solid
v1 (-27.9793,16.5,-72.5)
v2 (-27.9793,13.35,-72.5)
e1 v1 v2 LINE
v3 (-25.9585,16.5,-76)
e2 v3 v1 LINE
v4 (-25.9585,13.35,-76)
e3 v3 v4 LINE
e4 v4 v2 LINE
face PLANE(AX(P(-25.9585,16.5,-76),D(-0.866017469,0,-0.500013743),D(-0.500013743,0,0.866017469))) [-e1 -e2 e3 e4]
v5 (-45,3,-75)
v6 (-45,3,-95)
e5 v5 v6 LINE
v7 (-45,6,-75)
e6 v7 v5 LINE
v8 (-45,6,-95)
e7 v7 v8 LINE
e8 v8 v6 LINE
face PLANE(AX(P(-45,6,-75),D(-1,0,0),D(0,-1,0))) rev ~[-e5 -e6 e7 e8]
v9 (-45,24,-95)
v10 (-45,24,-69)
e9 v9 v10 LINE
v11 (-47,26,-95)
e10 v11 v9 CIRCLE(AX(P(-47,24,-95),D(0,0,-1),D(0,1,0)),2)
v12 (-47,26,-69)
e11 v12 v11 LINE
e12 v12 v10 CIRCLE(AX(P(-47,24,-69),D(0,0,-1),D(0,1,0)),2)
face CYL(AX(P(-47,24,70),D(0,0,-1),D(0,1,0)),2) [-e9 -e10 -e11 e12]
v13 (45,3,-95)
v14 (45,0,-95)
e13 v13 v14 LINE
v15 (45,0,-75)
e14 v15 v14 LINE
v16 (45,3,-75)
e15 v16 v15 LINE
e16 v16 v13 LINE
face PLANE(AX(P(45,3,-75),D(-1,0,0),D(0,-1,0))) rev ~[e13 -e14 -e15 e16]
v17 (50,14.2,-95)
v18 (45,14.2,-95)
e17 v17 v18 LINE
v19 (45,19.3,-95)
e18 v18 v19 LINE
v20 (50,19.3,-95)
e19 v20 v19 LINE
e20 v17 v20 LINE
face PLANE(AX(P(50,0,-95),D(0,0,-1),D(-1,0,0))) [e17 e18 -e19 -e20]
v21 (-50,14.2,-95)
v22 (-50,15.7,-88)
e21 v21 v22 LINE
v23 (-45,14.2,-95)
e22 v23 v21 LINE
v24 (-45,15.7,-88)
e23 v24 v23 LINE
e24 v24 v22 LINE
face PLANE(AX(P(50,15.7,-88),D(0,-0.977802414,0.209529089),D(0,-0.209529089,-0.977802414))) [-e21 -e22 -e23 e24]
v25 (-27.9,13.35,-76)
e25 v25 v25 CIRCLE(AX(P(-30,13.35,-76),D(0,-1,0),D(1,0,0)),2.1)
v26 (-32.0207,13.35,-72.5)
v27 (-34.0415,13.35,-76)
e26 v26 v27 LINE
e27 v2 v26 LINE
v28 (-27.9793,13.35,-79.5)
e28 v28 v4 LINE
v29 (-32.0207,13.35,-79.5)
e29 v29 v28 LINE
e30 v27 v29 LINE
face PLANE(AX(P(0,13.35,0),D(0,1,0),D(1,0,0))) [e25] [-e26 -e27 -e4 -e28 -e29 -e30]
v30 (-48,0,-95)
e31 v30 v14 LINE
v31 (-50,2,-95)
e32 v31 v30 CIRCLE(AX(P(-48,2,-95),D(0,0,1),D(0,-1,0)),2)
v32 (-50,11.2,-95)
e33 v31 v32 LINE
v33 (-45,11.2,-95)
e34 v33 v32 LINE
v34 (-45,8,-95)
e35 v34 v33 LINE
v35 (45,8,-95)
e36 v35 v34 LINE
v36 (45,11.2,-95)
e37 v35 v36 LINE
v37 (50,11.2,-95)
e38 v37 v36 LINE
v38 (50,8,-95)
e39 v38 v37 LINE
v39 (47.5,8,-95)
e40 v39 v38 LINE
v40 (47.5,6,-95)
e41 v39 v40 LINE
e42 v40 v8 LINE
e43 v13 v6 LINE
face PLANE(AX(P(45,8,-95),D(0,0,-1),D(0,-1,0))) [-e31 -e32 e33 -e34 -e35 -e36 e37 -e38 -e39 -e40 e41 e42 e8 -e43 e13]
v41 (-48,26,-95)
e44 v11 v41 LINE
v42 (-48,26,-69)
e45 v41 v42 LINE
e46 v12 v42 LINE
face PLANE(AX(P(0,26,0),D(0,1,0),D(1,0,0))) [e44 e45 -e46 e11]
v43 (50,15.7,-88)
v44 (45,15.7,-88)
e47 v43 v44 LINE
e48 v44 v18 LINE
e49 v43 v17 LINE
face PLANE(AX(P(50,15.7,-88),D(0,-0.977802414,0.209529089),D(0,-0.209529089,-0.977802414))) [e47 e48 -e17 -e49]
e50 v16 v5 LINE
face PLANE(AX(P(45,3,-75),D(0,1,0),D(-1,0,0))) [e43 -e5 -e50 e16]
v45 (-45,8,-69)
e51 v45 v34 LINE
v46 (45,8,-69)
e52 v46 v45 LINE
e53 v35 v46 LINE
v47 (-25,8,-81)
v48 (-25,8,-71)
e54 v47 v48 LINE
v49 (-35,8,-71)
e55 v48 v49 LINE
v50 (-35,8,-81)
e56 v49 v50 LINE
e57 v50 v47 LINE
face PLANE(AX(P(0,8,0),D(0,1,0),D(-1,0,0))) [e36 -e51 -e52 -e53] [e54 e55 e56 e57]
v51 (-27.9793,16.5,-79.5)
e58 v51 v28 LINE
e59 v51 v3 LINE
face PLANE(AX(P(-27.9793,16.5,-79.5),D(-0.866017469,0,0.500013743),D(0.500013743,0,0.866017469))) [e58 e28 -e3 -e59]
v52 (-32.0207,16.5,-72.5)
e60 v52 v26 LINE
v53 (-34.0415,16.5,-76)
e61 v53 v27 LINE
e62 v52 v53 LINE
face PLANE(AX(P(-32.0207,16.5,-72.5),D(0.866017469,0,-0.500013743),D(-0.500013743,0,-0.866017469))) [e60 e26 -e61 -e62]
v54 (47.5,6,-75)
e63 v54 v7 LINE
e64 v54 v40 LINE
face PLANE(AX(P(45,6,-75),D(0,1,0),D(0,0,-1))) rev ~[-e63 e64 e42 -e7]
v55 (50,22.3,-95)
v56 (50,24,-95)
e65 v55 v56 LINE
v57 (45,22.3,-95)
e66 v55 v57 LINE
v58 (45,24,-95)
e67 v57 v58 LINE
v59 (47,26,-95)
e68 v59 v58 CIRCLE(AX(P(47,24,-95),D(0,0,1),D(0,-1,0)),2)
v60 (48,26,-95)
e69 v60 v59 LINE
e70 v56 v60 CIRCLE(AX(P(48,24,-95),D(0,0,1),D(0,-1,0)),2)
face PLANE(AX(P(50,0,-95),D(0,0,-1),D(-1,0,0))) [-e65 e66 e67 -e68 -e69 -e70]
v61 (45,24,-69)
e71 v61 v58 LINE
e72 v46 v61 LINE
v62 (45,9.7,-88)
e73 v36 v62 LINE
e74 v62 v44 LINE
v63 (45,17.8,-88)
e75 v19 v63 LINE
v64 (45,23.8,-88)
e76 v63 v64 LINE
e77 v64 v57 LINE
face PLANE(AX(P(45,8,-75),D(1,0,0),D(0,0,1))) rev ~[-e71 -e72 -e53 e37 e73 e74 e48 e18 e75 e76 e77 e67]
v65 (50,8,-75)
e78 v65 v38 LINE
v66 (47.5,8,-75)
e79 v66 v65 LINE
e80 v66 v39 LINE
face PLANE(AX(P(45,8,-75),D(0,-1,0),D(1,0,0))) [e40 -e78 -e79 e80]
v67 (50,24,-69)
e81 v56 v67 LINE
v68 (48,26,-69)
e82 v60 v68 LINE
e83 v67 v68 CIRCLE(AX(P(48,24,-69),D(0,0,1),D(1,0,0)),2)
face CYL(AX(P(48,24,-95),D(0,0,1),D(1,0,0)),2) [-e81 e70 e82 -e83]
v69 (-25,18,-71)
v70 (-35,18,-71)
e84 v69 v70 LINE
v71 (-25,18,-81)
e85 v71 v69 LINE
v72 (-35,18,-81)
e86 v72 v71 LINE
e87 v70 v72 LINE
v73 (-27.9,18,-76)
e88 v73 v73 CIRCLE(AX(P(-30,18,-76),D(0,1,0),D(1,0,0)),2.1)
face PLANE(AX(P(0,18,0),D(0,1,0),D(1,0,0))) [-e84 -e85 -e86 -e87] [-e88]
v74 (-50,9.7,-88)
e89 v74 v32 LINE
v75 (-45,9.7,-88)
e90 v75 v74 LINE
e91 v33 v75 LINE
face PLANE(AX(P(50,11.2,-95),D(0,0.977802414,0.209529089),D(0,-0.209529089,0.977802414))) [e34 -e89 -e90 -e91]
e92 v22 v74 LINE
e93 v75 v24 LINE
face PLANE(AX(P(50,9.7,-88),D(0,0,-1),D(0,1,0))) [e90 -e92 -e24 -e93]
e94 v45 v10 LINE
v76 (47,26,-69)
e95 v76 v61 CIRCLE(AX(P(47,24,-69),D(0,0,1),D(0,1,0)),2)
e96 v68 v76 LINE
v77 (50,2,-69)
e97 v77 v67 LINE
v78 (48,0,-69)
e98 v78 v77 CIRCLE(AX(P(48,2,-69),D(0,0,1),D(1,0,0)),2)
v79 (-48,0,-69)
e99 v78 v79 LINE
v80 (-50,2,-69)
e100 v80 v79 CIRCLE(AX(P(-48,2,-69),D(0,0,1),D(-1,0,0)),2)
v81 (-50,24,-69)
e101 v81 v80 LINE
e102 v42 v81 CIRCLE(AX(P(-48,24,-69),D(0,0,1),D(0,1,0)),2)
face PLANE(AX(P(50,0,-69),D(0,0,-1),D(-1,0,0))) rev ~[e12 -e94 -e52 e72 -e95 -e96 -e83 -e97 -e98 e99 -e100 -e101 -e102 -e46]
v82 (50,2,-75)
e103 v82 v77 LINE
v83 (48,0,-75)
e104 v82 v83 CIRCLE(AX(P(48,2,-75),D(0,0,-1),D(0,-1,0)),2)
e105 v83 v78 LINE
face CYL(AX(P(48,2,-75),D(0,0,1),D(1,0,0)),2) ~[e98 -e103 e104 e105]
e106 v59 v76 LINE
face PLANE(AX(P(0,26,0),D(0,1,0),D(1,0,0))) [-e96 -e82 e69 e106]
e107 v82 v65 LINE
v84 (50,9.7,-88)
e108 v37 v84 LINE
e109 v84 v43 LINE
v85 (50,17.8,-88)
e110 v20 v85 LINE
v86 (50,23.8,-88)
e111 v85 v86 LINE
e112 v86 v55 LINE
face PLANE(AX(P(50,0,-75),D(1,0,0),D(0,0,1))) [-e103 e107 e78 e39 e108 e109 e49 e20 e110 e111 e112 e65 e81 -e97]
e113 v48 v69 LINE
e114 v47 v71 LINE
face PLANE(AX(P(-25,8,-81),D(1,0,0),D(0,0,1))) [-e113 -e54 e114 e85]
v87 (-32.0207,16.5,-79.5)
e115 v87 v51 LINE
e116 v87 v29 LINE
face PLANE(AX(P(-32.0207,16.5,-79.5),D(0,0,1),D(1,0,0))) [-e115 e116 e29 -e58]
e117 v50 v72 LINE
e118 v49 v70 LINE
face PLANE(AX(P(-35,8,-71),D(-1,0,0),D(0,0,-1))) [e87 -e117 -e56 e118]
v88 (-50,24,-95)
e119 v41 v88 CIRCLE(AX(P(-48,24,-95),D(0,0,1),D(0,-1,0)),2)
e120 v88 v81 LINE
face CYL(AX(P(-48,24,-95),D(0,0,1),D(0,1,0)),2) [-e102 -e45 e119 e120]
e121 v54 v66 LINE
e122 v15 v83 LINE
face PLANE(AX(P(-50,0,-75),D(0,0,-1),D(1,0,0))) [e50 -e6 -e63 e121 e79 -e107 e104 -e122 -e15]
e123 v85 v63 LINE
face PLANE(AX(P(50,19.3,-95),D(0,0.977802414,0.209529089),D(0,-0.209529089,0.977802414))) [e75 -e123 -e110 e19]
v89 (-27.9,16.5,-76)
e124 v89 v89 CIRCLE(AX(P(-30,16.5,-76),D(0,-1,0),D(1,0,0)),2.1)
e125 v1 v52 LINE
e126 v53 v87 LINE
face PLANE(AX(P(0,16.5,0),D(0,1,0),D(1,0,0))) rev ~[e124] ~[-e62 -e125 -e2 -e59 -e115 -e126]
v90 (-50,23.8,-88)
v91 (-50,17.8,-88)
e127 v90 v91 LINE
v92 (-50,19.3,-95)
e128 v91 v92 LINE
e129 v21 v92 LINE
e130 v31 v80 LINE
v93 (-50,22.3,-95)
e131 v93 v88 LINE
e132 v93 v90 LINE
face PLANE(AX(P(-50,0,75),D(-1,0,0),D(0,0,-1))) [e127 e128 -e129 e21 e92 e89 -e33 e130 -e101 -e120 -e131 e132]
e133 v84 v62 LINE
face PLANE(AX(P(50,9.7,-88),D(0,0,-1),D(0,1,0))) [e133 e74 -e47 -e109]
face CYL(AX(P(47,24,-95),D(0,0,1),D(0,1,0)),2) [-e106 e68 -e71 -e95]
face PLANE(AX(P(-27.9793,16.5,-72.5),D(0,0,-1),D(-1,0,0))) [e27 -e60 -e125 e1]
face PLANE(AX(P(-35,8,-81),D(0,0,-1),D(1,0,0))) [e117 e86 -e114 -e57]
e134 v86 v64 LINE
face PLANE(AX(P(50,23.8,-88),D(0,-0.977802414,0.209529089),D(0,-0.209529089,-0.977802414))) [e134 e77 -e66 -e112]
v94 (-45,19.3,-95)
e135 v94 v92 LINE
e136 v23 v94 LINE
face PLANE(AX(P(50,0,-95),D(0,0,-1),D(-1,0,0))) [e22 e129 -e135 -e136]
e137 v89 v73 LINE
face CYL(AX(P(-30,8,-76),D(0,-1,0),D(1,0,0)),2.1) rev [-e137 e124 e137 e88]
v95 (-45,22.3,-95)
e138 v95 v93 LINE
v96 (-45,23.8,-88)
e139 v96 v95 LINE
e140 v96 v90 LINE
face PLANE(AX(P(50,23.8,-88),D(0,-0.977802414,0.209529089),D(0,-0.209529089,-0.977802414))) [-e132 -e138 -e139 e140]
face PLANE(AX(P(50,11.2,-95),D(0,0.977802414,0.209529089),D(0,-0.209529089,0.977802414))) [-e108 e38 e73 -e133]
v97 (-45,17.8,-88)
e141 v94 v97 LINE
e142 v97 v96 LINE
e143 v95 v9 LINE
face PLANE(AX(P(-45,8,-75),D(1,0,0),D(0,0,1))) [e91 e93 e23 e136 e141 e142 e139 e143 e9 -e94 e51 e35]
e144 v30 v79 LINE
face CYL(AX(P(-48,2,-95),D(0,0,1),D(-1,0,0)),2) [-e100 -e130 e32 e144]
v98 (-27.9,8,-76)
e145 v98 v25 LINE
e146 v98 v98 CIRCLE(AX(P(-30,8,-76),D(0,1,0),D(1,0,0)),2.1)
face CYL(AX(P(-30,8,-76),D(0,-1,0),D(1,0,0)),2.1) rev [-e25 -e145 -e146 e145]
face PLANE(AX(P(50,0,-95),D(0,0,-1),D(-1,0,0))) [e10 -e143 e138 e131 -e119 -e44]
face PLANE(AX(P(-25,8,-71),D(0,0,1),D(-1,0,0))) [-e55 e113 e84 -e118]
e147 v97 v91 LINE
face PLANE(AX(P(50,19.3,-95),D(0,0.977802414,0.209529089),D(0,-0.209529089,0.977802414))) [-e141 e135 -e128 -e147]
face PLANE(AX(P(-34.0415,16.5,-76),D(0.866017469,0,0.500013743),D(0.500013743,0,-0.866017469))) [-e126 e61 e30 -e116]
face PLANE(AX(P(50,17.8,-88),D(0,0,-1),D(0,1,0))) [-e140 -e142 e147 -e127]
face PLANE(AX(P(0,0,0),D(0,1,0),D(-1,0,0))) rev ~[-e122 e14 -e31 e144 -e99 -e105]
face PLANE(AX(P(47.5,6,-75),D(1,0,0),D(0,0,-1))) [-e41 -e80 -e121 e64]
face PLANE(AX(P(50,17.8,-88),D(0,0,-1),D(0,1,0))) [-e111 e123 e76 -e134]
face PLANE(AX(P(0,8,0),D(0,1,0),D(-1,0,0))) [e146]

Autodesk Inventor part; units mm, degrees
sketch "Sketch1" plane through (0, 0, 0) normal (0, 1, 0) x (-1, 0, 0)
  line L0 (-50, 75) -> (50, 75)
  line L1 (50, 75) -> (50, -75)
  line L2 (50, -75) -> (-50, -75)
  line L3 (-50, -75) -> (-50, 75)
  line L4 (-50, 75) -> (50, -75) construction
  line L5 (50, 75) -> (-50, -75) construction
  point P0 (0, 0)
  dimension "d0" = 100
  dimension "d1" = 150
extrude "Extrusion1" add sketch "Sketch1" along normal blind 8
sketch "Sketch3" plane through (0, 8, 0) normal (0, 1, 0) x (1, 0, 0)
  line L0 (-50, -75) -> (50, -75) projected
  line L1 (50, -75) -> (50, 75) projected
  line L2 (50, 75) -> (-50, 75) projected
  line L3 (-50, 75) -> (-50, -75) projected
  line L4 (45, 75) -> (45, -70)
  line L5 (-50, -75) -> (50, -75) projected
  line L6 (50, -75) -> (50, 75) projected
  line L7 (0, 0) -> (0, -83) construction
  line L8 (-45, 75) -> (-45, -70)
  line L9 (45, -70) -> (-45, -70)
  dimension "d4" = 5
  dimension "d5" = 5
extrude "Extrusion2" add sketch "Sketch3" along normal blind 18 contours L3 L2 L8 L9 L4 L1 L0
sketch "Sketch4" plane through (50, 0, -75) normal (0, 0, -1) x (-1, 0, 0)
  line L0 (100, 0) -> (0, 0) projected
  line L1 (100, 0) -> (100, 26) projected
  line L2 (95, 26) -> (100, 26) projected
  line L3 (95, 8) -> (95, 26) projected
  line L4 (5, 8) -> (95, 8) projected
  line L5 (5, 8) -> (5, 26) projected
  line L6 (0, 26) -> (5, 26) projected
  line L7 (0, 0) -> (0, 26) projected
  line L8 (95, 8) -> (5, 8) projected
  line L9 (5, 8) -> (5, 0)
  line L10 (95, 8) -> (95, 0)
  line L11 (0, 0) -> (100, 0) projected
  line L12 (0, 0) -> (0, 26) projected
  line L13 (5, 3) -> (95, 3)
  line L14 (5, 8) -> (95, 8) projected
  line L15 (5, 6) -> (95, 6)
  line L16 (5, 8) -> (0, 8)
  line L17 (100, 0) -> (0, 0) projected
  point P0 (50, 0)
  dimension "d8" = 3
  dimension "d9" = 3
extrude "Extrusion3" add sketch "Sketch4" along normal blind 20 contours L0 L10 L3 L2 L1 | L0 L9 L13 L10 | L15 L9 L4 L10 | L7 L6 L5 L16
sketch "Sketch6" plane through (50, 0, 75) normal (1, 0, 0) x (0, 0, -1)
  line L0 (150, 0) -> (150, 8)
  line L1 (170, 26) -> (170, 8)
  line L2 (0, 0) -> (0, 26) projected
  line L3 (150, 8) -> (170, 8)
  line L4 (170, 26) -> (170, 8) projected
  line L5 (170, 11.2) -> (163, 9.7)
  line L6 (163, 9.7) -> (163, 15.7)
  line L7 (163, 15.7) -> (170, 14.2)
  line L8 (170, 19.3) -> (163, 17.8)
  line L9 (163, 17.8) -> (163, 23.8)
  line L10 (163, 23.8) -> (170, 22.3)
  line L11 (170, 22.3) -> (170, 19.3)
  line L12 (170, 14.2) -> (170, 11.2)
  point P0 (75, 0)
  dimension "d14" = 3
  dimension "d15" = 7
  dimension "d16" = 1.5
  dimension "d17" = 1.5
  dimension "d18" = 3
  dimension "d19" = 1.5
  dimension "d20" = 1.5
  dimension "d21" = 5.1
  dimension "d22" = 7
  dimension "d36" = 1.7
extrude "Extrusion4" cut sketch "Sketch6" against normal through all
fillet "Fillet1" radius 2 11 edges at (50, 0, 0) (50, 26, -10) (50, 13, 75) (0, 26, 75) (0, 0, 75) (-50, 26, -10) (-50, 13, 75) (-50, 0, -10) (45, 26, -12.5) (-45, 26, -12.5) (0, 26, 70)
sketch "Sketch11" plane through (-50, 9.7, -88) normal (-1, 0, 0) x (0, 0, 1)
  line L0 (9, 17.5) -> (0, 19.5) projected
  line L1 (0, 19.5) -> (0, 11.5) projected
  line L2 (0, 11.5) -> (9, 14) projected
  line L3 (9, 17.5) -> (9, 14) projected
  line L4 (9, 6) -> (0, 8.5) projected
  line L5 (0, 0) -> (9, 2.5) projected
  line L6 (0, 6) -> (0, 0) projected
  line L7 (9, 6) -> (9, 2.5) projected
  point P0 (88, -9.7)
sketch "Sketch12" plane through (-50, 2, 73) normal (-1, 0, 0) x (0, 0, 1)
  line L0 (-168, 28) -> (-168, 20)
  line L1 (-159, 26) -> (-168, 28)
  line L2 (-159, 26) -> (-159, 22.5)
  line L3 (-168, 20) -> (-159, 22.5)
  line L4 (-168, 17) -> (-168, 8.5)
  line L5 (-159, 14.5) -> (-168, 17)
  line L6 (-159, 14.5) -> (-159, 11)
  line L7 (-168, 8.5) -> (-159, 11)
  line L8 (-168, 0) -> (-168, 22) projected
  line L9 (-161, 19.2) -> (-161, 27.2) projected
  line L10 (-161, 27.2) -> (-168, 27.2)
  line L11 (-168, 22) -> (-168, 6) projected
  line L12 (-159, 17) -> (-168, 17)
  point P0 (-73, -2)
sketch "Sketch15" plane through (45, 6, -75) normal (1, 0, 0) x (0, 0, -1)
  line L0 (0, 0) -> (0, 2) projected
  line L1 (0, 0) -> (20, 0) projected
  line L2 (20, 2) -> (20, 0) projected
  line L3 (0, 2) -> (20, 2) projected
  point P0 (-75, -6)
extrude "Extrusion8" add sketch "Sketch15" along normal blind 2.5
sketch "Sketch16" plane through (0, 8, 0) normal (0, 1, 0) x (1, 0, 0)
  line L0 (-45, -35) -> (-37, -35)
  line L1 (-37, -35) -> (-37, -15)
  line L2 (-37, -15) -> (-45, -15)
  line L3 (-45, -15) -> (-45, -35)
  line L4 (45, -70) -> (-45, -70) projected
  line L5 (-45, -70) -> (-45, 95) projected
  line L6 (32, -70) -> (45, -70)
  line L7 (45, -70) -> (45, -45)
  line L8 (45, -45) -> (32, -45)
  line L9 (32, -45) -> (32, -70)
  line L10 (45, 95) -> (45, -70) projected
  point P0 (0, 0)
  dimension "d39" = 35
  dimension "d40" = 0
  dimension "d41" = 8
  dimension "d42" = 20
  dimension "d43" = 0
  dimension "d44" = 0
  dimension "d45" = 25
  dimension "d46" = 13
extrude "Extrusion9" add sketch "Sketch16" along normal blind 16
fillet "Fillet4" radius 1 8 edges at (32, 24, 57.5) (38.5, 24, 45) (32, 16, 45) (-37, 24, 25) (-37, 16, 15) (-41, 24, 35) (-41, 24, 15) (-37, 16, 35)
sketch "Sketch17" plane through (0, 24, 0) normal (0, 1, 0) x (1, 0, 0)
  circle A0 centre (-41.5, -25) radius 2.1
  line L0 (-45, -34) -> (-45, -16) projected
  line L1 (-38, -34) -> (-45, -34) projected
  circle A1 centre (39, -58) radius 2.1
  line L2 (33, -70) -> (33, -46) projected
  line L3 (33, -46) -> (45, -46) projected
  point P0 (0, 0)
  dimension "d50" = 4.2
  dimension "d51" = 3.5
  dimension "d52" = 9
  dimension "d53" = 4.2
  dimension "d54" = 6
  dimension "d55" = 12
extrude "Extrusion10" cut sketch "Sketch17" against normal blind 8
sketch "Sketch18" plane through (-45, 9.7, -88) normal (1, 0, 0) x (0, 0, -1)
  circle A0 centre (-58, 11.3) radius 2.15
  circle A1 centre (-27.2, 11.3) radius 2.15
  line L0 (0, 8.1) -> (0, 14.1) projected
  line L1 (-27.2, 11.3) -> (-58, 11.3)
  line L2 (7, 16.3) -> (-160, 16.3) projected
  line L3 (-158, -1.7) -> (-158, 14.3) projected
  point P0 (-88, -9.7)
  dimension "d60" = 4.3
  dimension "d61" = 4.3
  dimension "d62" = 30.8
  dimension "d64" = 5
  dimension "d67" = 100
extrude "Extrusion11" cut sketch "Sketch18" against normal through all
sketch "Sketch19" plane through (0, 24, 0) normal (0, 1, 0) x (1, 0, 0)
  circle A0 centre (-41.5, -25) radius 2.1 projected
  line L0 (-42, -22) -> (-39.1519, -23.067)
  line L1 (-39.1519, -23.067) -> (-38.6519, -26.067)
  line L2 (-38.6519, -26.067) -> (-41, -28)
  line L3 (-41, -28) -> (-43.8481, -26.933)
  line L4 (-43.8481, -26.933) -> (-44.3481, -23.933)
  line L5 (-44.3481, -23.933) -> (-42, -22)
  point P0 (0, 0)
ref_plane "Work Plane2" through (0, 18, 0) normal (0, 1, 0) x (1, 0, 0)
ref_plane "Work Plane1" through (0, 20, 0) normal (0, 1, 0) x (1, 0, 0)
extrude "Extrusion12" cut sketch "Sketch19" against normal up to surface (2 mm away) from surface at -4
ref_plane "Work Plane3" through (50, 0, -69) normal (0, 0, -1) x (-1, 0, 0)
sketch "Sketch20" plane through (50, 0, -69) normal (0, 0, -1) x (-1, 0, 0)
  line L0 (-27, 40) -> (133, 40)
  line L1 (133, 40) -> (133, -17)
  line L2 (133, -17) -> (-27, -17)
  line L3 (-27, -17) -> (-27, 40)
  point P0 (50, 0)
extrude "Extrusion13" cut sketch "Sketch20" against normal through all
sketch "Sketch21" plane through (0, 8, 0) normal (0, 1, 0) x (1, 0, 0)
  line L0 (-25, 71) -> (-35, 71)
  line L1 (-35, 71) -> (-35, 81)
  line L2 (-35, 81) -> (-25, 81)
  line L3 (-25, 81) -> (-25, 71)
  circle A0 centre (-30, 76) radius 2.1
  line L4 (-70, 69) -> (70, 69) projected
  line L5 (-45, 69) -> (-45, 95) projected
  point P0 (0, 0)
  dimension "d76" = 4.2
  dimension "d77" = 2
  dimension "d78" = 10
  dimension "d79" = 5
  dimension "d80" = 10
  dimension "d81" = 10
  dimension "d82" = 5
extrude "Extrusion14" add sketch "Sketch21" along normal blind 10
ref_plane "Work Plane4" through (0, 16.5, 0) normal (0, 1, 0) x (1, 0, 0)
sketch "Sketch22" plane through (0, 16.5, 0) normal (0, 1, 0) x (1, 0, 0)
  line L0 (-32.0207, 72.5) -> (-34.0415, 76)
  line L1 (-34.0415, 76) -> (-32.0207, 79.5)
  line L2 (-32.0207, 79.5) -> (-27.9793, 79.5)
  line L3 (-27.9793, 79.5) -> (-25.9585, 76)
  line L4 (-25.9585, 76) -> (-27.9793, 72.5)
  line L5 (-27.9793, 72.5) -> (-32.0207, 72.5)
  point P0 (0, 0)
  point P1 (-30, 76)
  dimension "d88" = 7
extrude "Extrusion15" cut sketch "Sketch22" against normal blind 3.15
properties part number "Prova A1"
